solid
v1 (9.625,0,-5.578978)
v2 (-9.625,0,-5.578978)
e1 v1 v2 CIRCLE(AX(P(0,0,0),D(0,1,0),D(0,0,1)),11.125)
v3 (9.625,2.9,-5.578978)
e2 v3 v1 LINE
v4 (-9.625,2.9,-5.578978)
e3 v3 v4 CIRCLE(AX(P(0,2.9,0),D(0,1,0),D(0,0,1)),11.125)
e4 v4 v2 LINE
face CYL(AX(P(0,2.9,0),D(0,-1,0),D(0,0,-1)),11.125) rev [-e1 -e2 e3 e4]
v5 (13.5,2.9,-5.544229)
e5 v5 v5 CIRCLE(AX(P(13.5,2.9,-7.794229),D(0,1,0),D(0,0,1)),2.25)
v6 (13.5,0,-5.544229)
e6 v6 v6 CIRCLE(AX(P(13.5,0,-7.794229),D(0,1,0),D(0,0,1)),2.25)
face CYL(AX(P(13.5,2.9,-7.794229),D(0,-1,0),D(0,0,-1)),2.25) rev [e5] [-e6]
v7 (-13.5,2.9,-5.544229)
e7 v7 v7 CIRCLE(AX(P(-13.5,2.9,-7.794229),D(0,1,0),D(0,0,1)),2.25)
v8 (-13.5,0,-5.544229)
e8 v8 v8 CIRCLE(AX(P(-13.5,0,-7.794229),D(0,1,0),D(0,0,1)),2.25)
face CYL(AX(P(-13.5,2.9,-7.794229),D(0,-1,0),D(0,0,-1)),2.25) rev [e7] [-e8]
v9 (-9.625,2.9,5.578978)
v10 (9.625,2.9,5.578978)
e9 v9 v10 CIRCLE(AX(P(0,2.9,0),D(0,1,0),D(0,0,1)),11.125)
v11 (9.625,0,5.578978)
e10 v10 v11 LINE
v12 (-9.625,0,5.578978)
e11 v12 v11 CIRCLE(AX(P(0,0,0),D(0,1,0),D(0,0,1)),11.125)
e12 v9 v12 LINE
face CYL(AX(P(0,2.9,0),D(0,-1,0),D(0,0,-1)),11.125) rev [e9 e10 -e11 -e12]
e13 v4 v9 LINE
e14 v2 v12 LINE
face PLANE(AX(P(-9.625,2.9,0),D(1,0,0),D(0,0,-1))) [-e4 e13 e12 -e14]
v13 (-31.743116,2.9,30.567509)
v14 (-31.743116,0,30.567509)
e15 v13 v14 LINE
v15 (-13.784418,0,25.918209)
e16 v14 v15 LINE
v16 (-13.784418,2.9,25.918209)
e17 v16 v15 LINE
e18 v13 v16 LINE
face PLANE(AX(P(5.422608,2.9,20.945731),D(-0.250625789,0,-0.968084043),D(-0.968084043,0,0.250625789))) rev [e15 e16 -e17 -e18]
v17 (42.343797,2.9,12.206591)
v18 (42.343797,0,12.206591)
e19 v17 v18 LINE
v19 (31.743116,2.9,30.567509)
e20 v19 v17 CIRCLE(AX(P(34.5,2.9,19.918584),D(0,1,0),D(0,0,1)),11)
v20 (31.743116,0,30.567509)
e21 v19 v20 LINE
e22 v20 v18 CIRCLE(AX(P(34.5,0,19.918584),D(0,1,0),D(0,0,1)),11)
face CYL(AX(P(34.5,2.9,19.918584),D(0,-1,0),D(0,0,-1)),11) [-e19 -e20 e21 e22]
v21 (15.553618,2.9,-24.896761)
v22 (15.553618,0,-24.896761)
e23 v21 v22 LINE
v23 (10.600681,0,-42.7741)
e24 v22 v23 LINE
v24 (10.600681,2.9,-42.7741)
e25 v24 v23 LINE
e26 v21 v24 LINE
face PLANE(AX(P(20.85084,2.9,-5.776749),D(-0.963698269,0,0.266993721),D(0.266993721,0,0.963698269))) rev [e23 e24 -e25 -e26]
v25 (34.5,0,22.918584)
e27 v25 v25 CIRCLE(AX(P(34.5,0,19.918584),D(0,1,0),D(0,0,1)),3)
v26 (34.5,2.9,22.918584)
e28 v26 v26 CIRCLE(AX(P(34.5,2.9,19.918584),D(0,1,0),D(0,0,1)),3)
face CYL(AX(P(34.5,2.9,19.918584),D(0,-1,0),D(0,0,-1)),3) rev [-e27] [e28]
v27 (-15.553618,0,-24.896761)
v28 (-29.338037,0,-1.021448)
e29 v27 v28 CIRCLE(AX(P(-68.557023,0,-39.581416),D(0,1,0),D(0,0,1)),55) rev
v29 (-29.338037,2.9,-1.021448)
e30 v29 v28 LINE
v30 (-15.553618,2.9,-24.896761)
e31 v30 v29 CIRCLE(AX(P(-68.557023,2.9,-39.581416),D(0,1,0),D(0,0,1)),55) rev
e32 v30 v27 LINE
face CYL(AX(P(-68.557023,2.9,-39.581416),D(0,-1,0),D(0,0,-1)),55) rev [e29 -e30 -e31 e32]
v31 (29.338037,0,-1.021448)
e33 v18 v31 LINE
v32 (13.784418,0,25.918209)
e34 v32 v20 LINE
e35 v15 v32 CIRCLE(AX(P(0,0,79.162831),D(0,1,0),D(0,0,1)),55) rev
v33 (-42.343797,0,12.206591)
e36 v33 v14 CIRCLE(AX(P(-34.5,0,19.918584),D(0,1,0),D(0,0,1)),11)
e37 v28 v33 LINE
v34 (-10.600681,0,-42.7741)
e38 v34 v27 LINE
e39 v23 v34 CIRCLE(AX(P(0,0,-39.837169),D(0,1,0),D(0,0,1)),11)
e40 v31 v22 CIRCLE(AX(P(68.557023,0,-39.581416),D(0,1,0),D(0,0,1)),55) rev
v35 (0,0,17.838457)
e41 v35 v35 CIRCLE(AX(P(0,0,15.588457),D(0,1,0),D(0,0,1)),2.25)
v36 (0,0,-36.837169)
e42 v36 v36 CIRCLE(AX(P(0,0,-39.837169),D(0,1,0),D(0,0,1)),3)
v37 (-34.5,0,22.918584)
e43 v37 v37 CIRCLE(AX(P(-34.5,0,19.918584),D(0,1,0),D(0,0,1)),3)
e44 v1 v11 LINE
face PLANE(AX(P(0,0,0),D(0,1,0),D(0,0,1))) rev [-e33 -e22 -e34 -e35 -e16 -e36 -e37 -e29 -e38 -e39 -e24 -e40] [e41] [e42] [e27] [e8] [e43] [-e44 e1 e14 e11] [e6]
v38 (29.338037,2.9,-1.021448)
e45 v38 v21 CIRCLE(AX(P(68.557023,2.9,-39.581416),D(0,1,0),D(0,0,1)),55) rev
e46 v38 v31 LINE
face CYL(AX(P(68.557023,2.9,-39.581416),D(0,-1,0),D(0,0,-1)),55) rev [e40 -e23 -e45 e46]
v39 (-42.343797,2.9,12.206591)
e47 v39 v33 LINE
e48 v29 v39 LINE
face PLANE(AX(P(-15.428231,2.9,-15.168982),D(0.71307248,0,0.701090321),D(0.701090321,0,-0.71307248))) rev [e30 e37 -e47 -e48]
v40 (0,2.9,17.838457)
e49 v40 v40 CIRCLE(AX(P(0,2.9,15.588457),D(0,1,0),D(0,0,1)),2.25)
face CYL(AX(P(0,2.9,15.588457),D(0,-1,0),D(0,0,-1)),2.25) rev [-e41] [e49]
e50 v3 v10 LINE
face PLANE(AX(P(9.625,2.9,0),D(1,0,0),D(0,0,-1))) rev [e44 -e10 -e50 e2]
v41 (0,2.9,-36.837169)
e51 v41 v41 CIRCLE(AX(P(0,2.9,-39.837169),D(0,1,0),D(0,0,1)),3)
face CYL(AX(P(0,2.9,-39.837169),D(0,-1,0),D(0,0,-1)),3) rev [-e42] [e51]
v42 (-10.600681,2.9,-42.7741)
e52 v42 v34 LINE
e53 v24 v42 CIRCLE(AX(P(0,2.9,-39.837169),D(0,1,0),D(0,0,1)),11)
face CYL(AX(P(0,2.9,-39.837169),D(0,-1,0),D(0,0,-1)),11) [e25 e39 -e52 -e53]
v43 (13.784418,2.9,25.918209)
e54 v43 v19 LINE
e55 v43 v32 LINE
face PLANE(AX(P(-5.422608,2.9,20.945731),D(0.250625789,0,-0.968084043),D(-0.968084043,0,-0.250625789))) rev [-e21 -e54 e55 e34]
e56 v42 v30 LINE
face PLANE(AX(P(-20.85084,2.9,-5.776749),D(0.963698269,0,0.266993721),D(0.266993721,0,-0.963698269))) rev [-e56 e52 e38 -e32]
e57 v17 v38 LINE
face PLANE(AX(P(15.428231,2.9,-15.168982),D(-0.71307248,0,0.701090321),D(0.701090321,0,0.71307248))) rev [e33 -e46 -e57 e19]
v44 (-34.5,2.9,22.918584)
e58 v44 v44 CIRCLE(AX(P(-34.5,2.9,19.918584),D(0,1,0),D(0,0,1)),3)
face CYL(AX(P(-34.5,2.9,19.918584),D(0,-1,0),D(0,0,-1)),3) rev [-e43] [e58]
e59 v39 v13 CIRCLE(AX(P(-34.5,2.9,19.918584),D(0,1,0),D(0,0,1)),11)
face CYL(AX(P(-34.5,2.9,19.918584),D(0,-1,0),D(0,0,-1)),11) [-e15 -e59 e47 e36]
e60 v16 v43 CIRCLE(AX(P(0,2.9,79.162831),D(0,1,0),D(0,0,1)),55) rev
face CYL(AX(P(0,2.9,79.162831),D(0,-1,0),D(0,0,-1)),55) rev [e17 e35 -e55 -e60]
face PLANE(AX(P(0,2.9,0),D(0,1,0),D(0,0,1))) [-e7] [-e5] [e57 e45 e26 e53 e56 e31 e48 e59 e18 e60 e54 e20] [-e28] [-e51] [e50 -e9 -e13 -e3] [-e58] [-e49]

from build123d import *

# Parameters (mm, degrees)
SKETCH1_R           = 2.25
SKETCH1_R_2         = 11
SKETCH1_R_3         = 3
BOSS_EXTRUDE1_DEPTH = 2.9


with BuildPart() as part:
    # Sketch1 → Boss-Extrude1 (new body)
    with BuildSketch(Plane(origin=(0, 0, 0), x_dir=(1, 0, 0), z_dir=(0, 1, 0))):
        with BuildLine():
            ThreePointArc((-23.5, -19.918584287), (-25.801559897, -26.651870244), (-31.743116322, -30.567508758))
            Line((-31.743116322, -30.567508758), (-13.784418389, -25.918209071))
            ThreePointArc((-13.784418389, -25.918209071), (0, -24.162831426), (13.784418389, -25.918209071))
            Line((13.784418389, -25.918209071), (31.743116322, -30.567508758))
            ThreePointArc((31.743116322, -30.567508758), (24.973720558, -14.418584287), (42.343797276, -12.206590751))
            Line((42.343797276, -12.206590751), (29.338036671, 1.021448035))
            ThreePointArc((29.338036671, 1.021448035), (20.925625842, 12.081415713), (15.553618282, 24.896761037))
            Line((15.553618282, 24.896761037), (10.600680954, 42.774099509))
            ThreePointArc((10.600680954, 42.774099509), (10.899713081, 41.319145212), (11, 39.837168574))
            ThreePointArc((11, 39.837168574), (-1.481976638, 28.937455493), (-10.600680954, 42.774099509))
            Line((-10.600680954, 42.774099509), (-15.553618282, 24.896761037))
            ThreePointArc((-15.553618282, 24.896761037), (-20.925625842, 12.081415713), (-29.338036671, 1.021448035))
            Line((-29.338036671, 1.021448035), (-42.343797276, -12.206590751))
            ThreePointArc((-42.343797276, -12.206590751), (-30.333572876, -9.738167546), (-23.5, -19.918584287))
        make_face()
        with Locations((0, -15.588457268)):
            Circle(SKETCH1_R, mode=Mode.SUBTRACT)
        with Locations((-13.5, 7.794228634)):
            Circle(SKETCH1_R, mode=Mode.SUBTRACT)
        with BuildLine():
            Line((-9.625, -5.578978401), (-9.625, 5.578978401))
            ThreePointArc((-9.625, 5.578978401), (0, 11.125), (9.625, 5.578978401))
            Line((9.625, 5.578978401), (9.625, -5.578978401))
            ThreePointArc((9.625, -5.578978401), (0, -11.125), (-9.625, -5.578978401))
        make_face(mode=Mode.SUBTRACT)
        with Locations((13.5, 7.794228634)):
            Circle(SKETCH1_R, mode=Mode.SUBTRACT)
        with Locations((-34.5, -19.918584287)):
            Circle(SKETCH1_R_2)
        with Locations((-34.5, -19.918584287)):
            Circle(SKETCH1_R_3, mode=Mode.SUBTRACT)
        with Locations((34.5, -19.918584287)):
            Circle(SKETCH1_R_2)
        with Locations((34.5, -19.918584287)):
            Circle(SKETCH1_R_3, mode=Mode.SUBTRACT)
        with Locations((0, 39.837168574)):
            Circle(SKETCH1_R_2)
        with Locations((0, 39.837168574)):
            Circle(SKETCH1_R_3, mode=Mode.SUBTRACT)
    extrude(amount=BOSS_EXTRUDE1_DEPTH)


solid = part.part
